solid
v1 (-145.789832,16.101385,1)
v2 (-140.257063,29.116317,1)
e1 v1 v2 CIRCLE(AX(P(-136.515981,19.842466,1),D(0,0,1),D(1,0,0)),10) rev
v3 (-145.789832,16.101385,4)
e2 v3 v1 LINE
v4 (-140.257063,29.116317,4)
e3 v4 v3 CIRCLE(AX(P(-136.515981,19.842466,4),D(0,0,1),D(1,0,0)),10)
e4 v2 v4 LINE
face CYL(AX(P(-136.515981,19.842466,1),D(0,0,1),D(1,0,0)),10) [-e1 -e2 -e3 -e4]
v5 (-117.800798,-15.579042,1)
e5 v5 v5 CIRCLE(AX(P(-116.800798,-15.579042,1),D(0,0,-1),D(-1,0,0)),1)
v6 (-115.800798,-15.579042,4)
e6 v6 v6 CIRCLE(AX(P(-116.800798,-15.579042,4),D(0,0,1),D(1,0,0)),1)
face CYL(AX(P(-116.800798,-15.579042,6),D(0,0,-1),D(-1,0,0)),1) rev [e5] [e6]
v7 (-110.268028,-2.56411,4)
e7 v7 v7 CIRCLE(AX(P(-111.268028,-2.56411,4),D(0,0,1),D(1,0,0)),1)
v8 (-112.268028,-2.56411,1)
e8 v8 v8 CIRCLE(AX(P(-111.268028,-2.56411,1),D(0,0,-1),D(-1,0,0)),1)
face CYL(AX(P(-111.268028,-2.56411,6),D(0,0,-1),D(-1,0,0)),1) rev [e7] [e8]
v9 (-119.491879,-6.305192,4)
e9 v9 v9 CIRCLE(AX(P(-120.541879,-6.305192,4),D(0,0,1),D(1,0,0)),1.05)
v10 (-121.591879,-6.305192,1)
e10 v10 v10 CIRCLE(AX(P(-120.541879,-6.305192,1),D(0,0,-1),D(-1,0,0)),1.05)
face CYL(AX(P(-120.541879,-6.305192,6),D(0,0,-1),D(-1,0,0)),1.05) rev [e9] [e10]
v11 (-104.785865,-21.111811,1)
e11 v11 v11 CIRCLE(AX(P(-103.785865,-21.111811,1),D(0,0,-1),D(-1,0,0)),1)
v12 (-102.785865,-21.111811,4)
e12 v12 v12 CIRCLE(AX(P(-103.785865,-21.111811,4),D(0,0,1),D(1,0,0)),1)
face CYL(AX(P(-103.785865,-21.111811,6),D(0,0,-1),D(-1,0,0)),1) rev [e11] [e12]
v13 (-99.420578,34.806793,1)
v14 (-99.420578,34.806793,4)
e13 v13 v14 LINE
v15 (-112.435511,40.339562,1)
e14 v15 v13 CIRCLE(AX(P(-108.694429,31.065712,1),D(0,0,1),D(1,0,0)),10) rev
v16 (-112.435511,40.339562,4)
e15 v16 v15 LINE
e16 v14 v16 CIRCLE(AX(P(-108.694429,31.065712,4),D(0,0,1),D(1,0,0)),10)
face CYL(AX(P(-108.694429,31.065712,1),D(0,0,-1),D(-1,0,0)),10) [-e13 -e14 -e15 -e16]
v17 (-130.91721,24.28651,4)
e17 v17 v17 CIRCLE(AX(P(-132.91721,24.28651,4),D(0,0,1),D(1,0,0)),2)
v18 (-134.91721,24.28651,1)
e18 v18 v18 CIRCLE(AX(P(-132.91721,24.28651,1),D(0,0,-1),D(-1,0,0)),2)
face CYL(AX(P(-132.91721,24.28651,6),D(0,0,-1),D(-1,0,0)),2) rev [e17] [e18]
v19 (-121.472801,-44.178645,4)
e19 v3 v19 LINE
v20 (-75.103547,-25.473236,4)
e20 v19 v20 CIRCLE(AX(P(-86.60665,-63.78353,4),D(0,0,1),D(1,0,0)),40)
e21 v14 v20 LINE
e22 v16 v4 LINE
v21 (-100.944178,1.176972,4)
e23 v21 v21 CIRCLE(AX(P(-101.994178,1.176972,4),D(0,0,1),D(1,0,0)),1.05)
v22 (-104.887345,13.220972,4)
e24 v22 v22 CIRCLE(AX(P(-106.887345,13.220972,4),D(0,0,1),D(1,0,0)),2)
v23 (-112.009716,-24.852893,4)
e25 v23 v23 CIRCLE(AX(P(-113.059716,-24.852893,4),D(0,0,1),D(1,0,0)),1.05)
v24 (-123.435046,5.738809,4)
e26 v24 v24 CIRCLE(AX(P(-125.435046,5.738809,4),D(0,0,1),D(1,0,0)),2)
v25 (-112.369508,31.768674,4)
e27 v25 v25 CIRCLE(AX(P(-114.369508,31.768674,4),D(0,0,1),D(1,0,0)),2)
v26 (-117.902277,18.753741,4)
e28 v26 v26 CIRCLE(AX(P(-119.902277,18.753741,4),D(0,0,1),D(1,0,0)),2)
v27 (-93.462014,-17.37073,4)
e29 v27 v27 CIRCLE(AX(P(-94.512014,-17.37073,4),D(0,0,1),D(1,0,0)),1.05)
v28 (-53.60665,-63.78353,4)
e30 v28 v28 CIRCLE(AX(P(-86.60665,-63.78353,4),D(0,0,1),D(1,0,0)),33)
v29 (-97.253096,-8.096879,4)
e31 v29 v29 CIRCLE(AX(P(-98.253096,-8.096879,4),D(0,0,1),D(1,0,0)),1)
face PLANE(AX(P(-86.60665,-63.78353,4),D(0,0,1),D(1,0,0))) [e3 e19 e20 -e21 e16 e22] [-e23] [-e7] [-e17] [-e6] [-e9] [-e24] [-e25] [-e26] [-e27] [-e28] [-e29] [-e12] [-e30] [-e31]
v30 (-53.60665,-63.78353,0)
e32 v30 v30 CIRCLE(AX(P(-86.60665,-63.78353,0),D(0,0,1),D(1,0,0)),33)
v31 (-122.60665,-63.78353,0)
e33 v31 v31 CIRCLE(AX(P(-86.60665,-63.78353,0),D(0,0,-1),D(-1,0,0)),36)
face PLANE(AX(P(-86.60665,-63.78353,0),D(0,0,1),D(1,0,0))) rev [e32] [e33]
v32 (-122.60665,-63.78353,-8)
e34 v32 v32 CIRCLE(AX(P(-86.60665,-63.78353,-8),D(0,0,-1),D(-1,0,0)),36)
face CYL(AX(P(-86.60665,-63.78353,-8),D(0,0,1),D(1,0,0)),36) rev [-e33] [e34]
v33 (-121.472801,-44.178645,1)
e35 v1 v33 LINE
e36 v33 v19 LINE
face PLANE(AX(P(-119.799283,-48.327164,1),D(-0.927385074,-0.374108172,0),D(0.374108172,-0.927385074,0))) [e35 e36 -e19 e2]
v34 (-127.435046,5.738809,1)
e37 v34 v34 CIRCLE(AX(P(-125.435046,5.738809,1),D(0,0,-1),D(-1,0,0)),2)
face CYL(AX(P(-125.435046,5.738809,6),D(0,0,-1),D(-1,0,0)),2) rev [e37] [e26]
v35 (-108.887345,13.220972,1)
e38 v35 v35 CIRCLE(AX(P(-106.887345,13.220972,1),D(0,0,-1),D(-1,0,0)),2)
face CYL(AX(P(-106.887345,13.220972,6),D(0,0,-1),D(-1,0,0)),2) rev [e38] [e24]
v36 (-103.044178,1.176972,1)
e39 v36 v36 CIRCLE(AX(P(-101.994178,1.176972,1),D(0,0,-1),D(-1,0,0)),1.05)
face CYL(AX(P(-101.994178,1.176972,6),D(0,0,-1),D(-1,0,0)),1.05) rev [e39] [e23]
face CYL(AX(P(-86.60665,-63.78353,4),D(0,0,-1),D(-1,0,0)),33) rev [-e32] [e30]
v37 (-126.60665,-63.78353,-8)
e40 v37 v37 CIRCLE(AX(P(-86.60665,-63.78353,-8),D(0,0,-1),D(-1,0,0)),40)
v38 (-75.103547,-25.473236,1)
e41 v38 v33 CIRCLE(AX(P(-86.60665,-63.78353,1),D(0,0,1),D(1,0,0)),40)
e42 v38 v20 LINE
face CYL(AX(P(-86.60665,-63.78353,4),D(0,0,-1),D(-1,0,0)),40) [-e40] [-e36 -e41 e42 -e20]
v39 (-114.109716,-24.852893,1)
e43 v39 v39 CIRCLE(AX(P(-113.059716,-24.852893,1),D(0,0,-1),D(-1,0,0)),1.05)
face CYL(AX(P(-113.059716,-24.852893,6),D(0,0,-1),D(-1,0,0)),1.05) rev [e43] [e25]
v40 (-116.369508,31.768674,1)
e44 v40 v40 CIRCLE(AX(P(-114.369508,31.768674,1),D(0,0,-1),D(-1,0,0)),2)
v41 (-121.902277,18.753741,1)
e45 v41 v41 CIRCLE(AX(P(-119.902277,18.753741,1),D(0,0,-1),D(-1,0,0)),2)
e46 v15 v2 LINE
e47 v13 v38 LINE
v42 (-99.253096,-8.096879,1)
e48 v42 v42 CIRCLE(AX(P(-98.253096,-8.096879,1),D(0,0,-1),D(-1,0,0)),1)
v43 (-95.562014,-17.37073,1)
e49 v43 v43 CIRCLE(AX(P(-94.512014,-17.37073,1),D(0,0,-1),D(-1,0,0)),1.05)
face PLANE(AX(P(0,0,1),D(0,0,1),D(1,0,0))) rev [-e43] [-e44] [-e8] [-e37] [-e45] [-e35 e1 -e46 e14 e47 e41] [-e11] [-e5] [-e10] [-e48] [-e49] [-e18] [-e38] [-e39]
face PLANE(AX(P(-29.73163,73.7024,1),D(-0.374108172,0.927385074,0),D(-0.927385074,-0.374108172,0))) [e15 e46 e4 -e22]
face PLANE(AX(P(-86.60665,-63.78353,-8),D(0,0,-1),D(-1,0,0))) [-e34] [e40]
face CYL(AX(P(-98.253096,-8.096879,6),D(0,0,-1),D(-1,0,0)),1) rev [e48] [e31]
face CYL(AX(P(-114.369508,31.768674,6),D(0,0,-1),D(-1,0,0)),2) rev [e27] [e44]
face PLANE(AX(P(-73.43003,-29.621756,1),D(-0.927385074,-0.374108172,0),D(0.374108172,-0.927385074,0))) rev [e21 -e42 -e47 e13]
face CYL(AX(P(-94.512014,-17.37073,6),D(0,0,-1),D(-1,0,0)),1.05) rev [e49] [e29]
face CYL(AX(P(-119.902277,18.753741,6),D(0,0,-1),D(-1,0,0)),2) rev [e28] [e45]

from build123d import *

# Parameters (mm, degrees)
SKETCH_1_R          = 40
SKETCH_1_R_2        = 33
EXTRUDE_1_DEPTH     = 4
EXTRUDE_START       = 8
SKETCH_2_R          = 40
SKETCH_2_R_2        = 36
EXTRUDE_2_DEPTH     = 8
EXTRUDE_3_DEPTH     = 3
SKETCH_5_R          = 1.05
SKETCH_5_R_2        = 1
SKETCH_5_R_3        = 2
CUT_EXTRUDE_1_DEPTH = 5
FILLET_1_R          = 10


with BuildPart() as part:
    # 草图1 → 凸台-拉伸1 (new body)
    with BuildSketch(Plane.XY):
        with Locations((-86.606649797, -63.783530386)):
            Circle(SKETCH_1_R)
        with Locations((-86.606649797, -63.783530386)):
            Circle(SKETCH_1_R_2, mode=Mode.SUBTRACT)
    extrude(amount=EXTRUDE_1_DEPTH)

    # 草图2 → 凸台-拉伸2 (add)
    with BuildSketch(Plane(origin=(0, 0, 0), x_dir=(-1, 0, 0), z_dir=(0, 0, -1)).offset(EXTRUDE_START)):
        with Locations((86.606649797, -63.783530386)):
            Circle(SKETCH_2_R)
        with Locations((86.606649797, -63.783530386)):
            Circle(SKETCH_2_R_2, mode=Mode.SUBTRACT)
    extrude(amount=-EXTRUDE_2_DEPTH)

    # 草图4 → 凸台-拉伸3 (add)
    with BuildSketch(Plane.XY.offset(4)):
        with BuildLine():
            Line((-103.161659788, 44.080644126), (-149.530913489, 25.375235519))
            Line((-149.530913489, 25.375235519), (-119.454633349, -49.181524695))
            ThreePointArc((-119.454633349, -49.181524695), (-100.016535475, -30.541466329), (-73.085379648, -30.476116088))
            Line((-73.085379648, -30.476116088), (-103.161659788, 44.080644126))
        make_face()
    extrude(amount=-EXTRUDE_3_DEPTH)

    # 草图5 → 切除-拉伸1 (cut)
    with BuildSketch(Plane(origin=(0, 0, 1), x_dir=(-1, 0, 0), z_dir=(0, 0, -1))):
        with Locations((113.059715781, -24.852893212)):
            Circle(SKETCH_5_R)
        with Locations((120.541879224, -6.305191731)):
            Circle(SKETCH_5_R)
        with Locations((101.994177743, 1.176971711)):
            Circle(SKETCH_5_R)
        with Locations((94.512014301, -17.370729769)):
            Circle(SKETCH_5_R)
        with Locations((116.800797503, -15.579042472)):
            Circle(SKETCH_5_R_2)
        with Locations((98.253096022, -8.096879029)):
            Circle(SKETCH_5_R_2)
        with Locations((103.785865041, -21.111811491)):
            Circle(SKETCH_5_R_2)
        with Locations((111.268028484, -2.56411001)):
            Circle(SKETCH_5_R_2)
        with Locations((114.369508098, 31.768673665)):
            Circle(SKETCH_5_R_3)
        with Locations((132.917209579, 24.286510222)):
            Circle(SKETCH_5_R_3)
        with Locations((119.902277117, 18.753741203)):
            Circle(SKETCH_5_R_3)
        with Locations((125.435046136, 5.738808742)):
            Circle(SKETCH_5_R_3)
        with Locations((106.887344656, 13.220972184)):
            Circle(SKETCH_5_R_3)
    extrude(amount=-CUT_EXTRUDE_1_DEPTH, mode=Mode.SUBTRACT)

    # 圆角1
    fillet_1_edges = [part.edges().sort_by_distance(p)[0] for p in [
        (-149.530913489, 25.375235519, 2.5),
        (-103.161659788, 44.080644126, 2.5),
    ]]
    fillet(fillet_1_edges, radius=FILLET_1_R)


solid = part.part
